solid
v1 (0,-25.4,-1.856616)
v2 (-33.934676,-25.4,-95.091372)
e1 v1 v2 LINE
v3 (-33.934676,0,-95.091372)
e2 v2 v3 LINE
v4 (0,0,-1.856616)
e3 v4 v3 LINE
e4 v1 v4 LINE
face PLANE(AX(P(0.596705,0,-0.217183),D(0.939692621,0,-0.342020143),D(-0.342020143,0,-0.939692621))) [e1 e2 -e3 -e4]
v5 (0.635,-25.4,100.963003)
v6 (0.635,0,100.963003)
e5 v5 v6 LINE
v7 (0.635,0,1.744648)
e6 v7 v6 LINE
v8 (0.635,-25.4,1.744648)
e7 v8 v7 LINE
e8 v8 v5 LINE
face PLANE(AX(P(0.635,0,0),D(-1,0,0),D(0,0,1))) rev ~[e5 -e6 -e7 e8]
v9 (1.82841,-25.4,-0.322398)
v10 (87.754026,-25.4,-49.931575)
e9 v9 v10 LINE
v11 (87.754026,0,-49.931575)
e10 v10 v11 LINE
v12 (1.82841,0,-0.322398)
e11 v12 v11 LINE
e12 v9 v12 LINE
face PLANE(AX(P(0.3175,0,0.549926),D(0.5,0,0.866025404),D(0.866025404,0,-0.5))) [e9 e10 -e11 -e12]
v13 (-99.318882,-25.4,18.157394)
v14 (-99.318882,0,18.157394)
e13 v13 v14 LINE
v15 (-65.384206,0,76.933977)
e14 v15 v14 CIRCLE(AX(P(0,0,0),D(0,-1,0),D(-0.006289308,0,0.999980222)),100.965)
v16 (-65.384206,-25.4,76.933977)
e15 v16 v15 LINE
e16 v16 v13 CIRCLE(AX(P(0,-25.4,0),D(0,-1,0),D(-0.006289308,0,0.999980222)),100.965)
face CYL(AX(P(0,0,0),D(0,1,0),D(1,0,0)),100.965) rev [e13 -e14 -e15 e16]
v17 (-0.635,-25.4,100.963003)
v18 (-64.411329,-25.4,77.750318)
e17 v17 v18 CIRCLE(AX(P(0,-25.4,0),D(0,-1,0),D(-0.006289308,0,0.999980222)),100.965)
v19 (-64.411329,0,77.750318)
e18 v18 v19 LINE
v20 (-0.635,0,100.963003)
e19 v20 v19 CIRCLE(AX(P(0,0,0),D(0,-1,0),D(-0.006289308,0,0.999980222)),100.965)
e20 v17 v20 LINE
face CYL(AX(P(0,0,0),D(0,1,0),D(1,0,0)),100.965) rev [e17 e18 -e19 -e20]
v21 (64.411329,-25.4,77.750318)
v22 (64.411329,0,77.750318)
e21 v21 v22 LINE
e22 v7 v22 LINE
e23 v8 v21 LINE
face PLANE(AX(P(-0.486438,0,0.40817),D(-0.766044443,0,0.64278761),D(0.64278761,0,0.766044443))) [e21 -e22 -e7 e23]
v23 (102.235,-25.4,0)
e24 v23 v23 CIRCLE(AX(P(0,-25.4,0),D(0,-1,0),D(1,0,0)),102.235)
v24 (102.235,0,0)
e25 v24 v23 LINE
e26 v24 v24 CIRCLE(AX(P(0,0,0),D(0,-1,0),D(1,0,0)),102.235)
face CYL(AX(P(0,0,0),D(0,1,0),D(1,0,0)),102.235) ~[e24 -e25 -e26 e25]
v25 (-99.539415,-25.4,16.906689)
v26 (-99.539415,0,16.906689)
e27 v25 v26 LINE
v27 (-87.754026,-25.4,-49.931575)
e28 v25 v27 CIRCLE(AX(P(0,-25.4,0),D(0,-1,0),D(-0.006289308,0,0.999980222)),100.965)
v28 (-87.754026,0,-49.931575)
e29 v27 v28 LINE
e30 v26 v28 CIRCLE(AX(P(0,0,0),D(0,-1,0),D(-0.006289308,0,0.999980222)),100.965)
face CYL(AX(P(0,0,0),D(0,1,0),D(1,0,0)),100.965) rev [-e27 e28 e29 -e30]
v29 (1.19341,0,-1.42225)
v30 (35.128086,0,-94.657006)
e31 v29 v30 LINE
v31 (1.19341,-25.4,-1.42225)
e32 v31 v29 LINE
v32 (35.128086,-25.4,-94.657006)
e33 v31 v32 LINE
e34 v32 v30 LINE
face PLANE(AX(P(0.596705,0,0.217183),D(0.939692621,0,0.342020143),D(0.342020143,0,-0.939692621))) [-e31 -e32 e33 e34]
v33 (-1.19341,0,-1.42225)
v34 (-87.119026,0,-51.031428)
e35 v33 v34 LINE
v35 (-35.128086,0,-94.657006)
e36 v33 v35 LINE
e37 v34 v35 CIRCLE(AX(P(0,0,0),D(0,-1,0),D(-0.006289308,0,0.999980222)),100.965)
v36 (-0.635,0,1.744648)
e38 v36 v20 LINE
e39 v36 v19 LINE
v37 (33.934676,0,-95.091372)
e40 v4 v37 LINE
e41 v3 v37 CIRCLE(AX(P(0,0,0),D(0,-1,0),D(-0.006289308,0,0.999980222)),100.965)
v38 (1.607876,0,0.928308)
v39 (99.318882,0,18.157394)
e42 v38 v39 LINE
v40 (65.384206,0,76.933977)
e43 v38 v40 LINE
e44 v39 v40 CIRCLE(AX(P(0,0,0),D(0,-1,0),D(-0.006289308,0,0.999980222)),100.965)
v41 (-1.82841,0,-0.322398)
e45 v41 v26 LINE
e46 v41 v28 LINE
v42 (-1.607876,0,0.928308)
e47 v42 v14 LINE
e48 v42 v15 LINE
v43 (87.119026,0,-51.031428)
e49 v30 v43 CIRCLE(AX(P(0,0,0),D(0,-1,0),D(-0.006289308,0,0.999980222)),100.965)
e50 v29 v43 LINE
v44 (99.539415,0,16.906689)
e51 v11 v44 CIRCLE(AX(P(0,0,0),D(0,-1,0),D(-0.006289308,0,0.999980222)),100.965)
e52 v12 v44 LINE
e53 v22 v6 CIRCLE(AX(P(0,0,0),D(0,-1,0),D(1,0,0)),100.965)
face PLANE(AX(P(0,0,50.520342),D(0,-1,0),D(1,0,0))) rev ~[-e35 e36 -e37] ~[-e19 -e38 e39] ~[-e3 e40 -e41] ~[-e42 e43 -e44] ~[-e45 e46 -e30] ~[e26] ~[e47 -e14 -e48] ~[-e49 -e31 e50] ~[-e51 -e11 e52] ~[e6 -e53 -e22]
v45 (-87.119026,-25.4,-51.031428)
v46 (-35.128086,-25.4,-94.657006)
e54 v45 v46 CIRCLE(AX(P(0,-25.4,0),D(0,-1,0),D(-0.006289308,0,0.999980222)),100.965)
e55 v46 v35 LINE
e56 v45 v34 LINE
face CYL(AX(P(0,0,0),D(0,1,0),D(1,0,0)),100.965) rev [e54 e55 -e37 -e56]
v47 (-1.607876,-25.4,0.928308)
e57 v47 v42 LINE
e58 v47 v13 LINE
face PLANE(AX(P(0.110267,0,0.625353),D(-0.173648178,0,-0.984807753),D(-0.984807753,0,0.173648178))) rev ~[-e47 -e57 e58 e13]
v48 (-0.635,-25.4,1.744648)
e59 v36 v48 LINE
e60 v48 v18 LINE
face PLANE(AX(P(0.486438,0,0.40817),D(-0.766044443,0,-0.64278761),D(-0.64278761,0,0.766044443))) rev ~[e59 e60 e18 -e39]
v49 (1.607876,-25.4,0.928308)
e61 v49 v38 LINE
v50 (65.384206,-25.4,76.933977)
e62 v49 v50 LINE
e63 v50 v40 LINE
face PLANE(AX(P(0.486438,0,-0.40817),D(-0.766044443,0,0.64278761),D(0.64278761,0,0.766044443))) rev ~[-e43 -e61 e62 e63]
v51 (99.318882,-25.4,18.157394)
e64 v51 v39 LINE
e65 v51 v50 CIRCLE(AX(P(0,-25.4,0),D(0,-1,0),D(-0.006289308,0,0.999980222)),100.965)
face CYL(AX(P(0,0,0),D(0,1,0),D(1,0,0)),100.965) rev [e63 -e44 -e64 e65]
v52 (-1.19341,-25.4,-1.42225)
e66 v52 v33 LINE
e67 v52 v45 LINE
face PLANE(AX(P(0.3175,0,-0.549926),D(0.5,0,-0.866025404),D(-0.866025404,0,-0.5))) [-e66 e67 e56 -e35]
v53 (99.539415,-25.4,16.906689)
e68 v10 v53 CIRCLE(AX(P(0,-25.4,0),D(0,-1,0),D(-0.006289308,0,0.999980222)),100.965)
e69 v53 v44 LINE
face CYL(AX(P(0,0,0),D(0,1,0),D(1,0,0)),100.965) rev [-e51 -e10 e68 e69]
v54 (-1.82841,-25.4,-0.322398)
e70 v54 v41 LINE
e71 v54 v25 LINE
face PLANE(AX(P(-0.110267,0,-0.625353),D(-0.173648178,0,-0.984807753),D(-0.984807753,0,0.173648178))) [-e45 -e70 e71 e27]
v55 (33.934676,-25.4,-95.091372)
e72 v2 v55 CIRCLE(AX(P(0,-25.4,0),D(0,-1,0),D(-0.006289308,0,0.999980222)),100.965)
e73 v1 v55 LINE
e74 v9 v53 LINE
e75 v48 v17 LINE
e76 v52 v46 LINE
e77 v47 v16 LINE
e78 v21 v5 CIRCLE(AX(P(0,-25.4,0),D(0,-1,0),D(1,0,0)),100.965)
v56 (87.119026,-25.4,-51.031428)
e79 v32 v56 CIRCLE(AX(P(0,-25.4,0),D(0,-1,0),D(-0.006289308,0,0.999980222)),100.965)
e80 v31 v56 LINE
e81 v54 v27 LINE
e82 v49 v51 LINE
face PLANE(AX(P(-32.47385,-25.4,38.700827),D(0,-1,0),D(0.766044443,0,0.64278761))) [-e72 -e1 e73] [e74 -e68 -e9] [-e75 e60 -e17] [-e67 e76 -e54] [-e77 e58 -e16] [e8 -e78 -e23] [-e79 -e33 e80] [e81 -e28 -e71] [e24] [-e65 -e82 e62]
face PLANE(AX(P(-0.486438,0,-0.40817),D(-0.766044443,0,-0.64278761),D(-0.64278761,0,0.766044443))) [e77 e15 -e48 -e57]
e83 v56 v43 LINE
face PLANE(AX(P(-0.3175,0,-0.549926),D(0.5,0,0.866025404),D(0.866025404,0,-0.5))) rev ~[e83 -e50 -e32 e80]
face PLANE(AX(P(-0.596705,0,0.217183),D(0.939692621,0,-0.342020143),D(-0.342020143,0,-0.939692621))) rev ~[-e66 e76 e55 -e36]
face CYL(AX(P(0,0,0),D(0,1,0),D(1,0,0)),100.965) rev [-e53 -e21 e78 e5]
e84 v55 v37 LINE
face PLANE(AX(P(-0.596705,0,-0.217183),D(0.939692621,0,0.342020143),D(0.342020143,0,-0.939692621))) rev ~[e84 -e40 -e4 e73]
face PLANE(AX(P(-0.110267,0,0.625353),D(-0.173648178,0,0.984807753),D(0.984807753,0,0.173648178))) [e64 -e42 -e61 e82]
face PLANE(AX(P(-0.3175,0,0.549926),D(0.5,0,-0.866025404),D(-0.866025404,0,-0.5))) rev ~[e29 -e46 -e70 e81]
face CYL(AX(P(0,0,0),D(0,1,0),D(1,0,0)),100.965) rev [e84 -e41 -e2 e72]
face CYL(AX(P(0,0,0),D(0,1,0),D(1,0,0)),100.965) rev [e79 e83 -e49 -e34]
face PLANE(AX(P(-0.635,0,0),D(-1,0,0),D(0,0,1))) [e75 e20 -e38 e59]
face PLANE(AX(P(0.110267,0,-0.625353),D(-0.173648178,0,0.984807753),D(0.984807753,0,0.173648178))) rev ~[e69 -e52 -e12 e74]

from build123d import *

# Parameters (mm, degrees)
F0_R     = 102.235
F0_R_2   = 100.965
F1_DEPTH = 25.4
F2_W     = 1.27
F2_H     = 101.0406836867
F3_DEPTH = 25.4
F5_COUNT = 9


with BuildPart() as f1:
    # F0 (on Front) → F1 (new body)
    with BuildSketch(Plane.XZ):
        Circle(F0_R)
        Circle(F0_R_2, mode=Mode.SUBTRACT)
    extrude(amount=F1_DEPTH)



with BuildPart() as f3:
    # F2 (on Front) → F3 (new body)
    with BuildSketch(Plane.XZ):
        with Locations((0, 50.5203418434)):
            Rectangle(F2_W, F2_H)
    extrude(amount=F3_DEPTH)


with BuildPart() as f1_1:
    add(f1.part)

    add(f3.part)  # F5 merges F3
    # F5: F3 ×9 about axis
    f5_axis = Axis((0, 4.7910101712, 0), (0, 1, 0))
    for i in range(1, F5_COUNT):
        add(f3.part.rotate(f5_axis, i * 360 / F5_COUNT))


solid = f1_1.part
